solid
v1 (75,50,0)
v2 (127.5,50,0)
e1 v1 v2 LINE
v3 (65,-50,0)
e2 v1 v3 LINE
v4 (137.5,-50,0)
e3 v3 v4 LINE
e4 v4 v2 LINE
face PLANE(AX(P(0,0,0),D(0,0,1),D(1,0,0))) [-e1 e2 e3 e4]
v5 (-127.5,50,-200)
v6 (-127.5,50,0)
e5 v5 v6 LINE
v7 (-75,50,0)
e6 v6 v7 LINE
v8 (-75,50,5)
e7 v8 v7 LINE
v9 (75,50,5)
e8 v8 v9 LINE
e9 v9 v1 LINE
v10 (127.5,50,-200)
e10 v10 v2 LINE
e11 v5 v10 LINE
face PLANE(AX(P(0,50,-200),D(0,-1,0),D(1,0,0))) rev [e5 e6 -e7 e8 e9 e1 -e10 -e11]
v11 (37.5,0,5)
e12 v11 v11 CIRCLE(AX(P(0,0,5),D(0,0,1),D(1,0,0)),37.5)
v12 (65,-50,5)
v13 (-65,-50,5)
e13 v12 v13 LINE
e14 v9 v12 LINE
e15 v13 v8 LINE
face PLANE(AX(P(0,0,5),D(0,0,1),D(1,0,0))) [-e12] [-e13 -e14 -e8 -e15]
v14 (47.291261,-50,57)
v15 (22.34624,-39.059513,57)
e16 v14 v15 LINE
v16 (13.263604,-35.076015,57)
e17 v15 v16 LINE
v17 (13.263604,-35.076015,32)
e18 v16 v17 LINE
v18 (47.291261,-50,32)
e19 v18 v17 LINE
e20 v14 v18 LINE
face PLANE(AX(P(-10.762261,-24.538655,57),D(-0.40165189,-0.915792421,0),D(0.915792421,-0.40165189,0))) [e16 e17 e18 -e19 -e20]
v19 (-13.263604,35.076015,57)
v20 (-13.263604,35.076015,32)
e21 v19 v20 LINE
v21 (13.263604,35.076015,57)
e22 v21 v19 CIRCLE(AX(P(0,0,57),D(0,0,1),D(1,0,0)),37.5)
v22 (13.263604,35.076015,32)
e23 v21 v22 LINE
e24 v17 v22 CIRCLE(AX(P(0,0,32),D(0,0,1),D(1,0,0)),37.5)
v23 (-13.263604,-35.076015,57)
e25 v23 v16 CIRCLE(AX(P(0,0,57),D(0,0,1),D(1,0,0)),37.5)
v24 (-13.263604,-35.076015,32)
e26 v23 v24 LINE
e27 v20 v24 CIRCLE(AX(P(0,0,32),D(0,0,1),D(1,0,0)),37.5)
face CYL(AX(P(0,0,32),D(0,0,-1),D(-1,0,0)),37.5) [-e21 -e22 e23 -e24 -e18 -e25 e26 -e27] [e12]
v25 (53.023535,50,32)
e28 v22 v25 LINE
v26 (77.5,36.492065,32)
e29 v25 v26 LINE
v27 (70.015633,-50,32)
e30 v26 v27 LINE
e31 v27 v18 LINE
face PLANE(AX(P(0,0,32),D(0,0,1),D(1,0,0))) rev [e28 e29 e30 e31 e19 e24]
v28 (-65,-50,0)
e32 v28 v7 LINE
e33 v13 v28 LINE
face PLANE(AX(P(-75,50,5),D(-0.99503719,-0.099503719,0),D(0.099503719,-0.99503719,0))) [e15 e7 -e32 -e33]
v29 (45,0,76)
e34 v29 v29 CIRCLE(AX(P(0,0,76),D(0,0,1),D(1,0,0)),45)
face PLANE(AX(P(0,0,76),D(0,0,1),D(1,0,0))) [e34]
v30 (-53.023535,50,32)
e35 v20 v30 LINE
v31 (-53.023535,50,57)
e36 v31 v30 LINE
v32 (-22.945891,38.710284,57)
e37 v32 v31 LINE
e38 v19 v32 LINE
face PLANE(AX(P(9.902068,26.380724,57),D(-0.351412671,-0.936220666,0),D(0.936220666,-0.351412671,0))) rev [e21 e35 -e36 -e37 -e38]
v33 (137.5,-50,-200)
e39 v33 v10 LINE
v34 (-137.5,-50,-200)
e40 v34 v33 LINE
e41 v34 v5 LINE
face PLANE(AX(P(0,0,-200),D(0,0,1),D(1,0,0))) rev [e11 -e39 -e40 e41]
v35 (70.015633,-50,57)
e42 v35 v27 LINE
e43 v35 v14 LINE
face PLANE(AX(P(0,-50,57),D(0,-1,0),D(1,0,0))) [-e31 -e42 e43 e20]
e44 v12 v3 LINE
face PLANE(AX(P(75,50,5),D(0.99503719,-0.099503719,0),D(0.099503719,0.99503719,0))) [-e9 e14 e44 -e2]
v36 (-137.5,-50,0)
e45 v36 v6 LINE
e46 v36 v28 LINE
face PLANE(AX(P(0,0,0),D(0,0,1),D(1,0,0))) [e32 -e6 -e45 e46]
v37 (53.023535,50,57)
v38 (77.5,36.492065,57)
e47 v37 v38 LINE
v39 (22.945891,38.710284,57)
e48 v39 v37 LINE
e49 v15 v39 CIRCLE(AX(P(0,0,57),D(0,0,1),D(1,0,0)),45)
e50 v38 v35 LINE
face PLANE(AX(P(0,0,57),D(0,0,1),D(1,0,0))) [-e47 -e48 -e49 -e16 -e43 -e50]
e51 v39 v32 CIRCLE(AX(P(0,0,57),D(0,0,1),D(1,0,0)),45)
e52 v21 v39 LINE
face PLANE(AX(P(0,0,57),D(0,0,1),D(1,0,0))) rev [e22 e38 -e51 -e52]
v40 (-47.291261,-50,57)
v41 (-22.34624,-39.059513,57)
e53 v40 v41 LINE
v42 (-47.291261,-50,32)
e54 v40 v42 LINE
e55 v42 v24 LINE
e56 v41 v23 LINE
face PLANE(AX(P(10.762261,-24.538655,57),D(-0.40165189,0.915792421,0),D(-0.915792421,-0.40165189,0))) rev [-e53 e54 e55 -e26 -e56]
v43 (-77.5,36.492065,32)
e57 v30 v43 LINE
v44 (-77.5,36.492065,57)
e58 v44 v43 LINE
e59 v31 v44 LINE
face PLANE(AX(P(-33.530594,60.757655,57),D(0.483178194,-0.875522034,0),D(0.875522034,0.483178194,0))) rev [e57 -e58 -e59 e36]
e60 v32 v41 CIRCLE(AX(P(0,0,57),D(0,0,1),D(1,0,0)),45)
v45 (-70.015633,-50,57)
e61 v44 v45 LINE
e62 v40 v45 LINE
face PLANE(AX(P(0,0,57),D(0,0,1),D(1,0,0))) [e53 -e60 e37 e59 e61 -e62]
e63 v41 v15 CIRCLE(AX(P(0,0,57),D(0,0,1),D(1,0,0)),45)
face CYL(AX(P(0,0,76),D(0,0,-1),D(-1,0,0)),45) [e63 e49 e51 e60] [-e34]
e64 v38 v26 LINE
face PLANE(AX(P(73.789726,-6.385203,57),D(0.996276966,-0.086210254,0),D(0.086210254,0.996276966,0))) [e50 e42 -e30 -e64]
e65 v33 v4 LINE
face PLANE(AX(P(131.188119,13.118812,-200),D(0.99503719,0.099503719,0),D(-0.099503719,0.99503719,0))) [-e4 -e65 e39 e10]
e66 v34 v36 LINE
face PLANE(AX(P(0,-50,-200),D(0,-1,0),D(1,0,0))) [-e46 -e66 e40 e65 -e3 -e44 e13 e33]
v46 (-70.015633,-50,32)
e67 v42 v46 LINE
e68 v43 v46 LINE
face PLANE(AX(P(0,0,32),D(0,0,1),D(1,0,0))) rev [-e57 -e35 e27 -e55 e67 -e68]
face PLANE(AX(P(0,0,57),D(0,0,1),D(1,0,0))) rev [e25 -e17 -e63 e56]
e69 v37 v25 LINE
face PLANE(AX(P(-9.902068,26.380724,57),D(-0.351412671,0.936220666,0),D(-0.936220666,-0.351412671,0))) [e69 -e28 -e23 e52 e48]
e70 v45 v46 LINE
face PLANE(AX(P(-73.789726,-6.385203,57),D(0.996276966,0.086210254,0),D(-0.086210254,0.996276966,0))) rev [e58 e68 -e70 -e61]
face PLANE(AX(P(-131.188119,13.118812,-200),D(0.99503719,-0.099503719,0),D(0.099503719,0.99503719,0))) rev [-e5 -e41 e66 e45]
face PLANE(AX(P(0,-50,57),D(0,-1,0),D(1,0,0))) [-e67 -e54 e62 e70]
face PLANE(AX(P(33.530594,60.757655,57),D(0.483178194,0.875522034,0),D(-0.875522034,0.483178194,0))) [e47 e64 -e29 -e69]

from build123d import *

# Parameters (mm, degrees)
BOSS_EXTRUDE1_DEPTH = 200
BOSS_EXTRUDE2_DEPTH = 5
SKETCH3_R           = 37.5
BOSS_EXTRUDE3_DEPTH = 27
SKETCH4_R           = 37.5
BOSS_EXTRUDE4_DEPTH = 25
SKETCH5_R           = 45
BOSS_EXTRUDE5_DEPTH = 19


with BuildPart() as part:
    # Sketch1 → Boss-Extrude1 (new body)
    with BuildSketch(Plane.XY):
        Polygon((-127.5, 50), (-137.5, -50), (137.5, -50), (127.5, 50), align=None)
    extrude(amount=-BOSS_EXTRUDE1_DEPTH)

    # Sketch2 → Boss-Extrude2 (add)
    with BuildSketch(Plane(origin=(0, 0, 0), x_dir=(-1, 0, 0), z_dir=(0, 0, -1))):
        Polygon((-75, 50), (-65, -50), (65, -50), (75, 50), align=None)
    extrude(amount=-BOSS_EXTRUDE2_DEPTH)

    # Sketch3 → Boss-Extrude3 (add)
    with BuildSketch(Plane.XY.offset(5)):
        Circle(SKETCH3_R)
    extrude(amount=BOSS_EXTRUDE3_DEPTH)

    # Sketch4 → Boss-Extrude4 (add)
    with BuildSketch(Plane.XY.offset(32)):
        with BuildLine():
            ThreePointArc((-13.263603946, -35.076014745), (-37.5, 0), (-13.263603946, 35.076014745))
            Line((-13.263603946, 35.076014745), (-53.023534566, 50))
            Line((-53.023534566, 50), (-77.5, 36.492065403))
            Line((-77.5, 36.492065403), (-70.015632516, -50))
            Line((-70.015632516, -50), (-47.291260559, -50))
            Line((-47.291260559, -50), (-13.263603946, -35.076014745))
        make_face()
        Circle(SKETCH4_R)
        with BuildLine():
            Line((53.023534566, 50), (13.263603946, 35.076014745))
            ThreePointArc((13.263603946, 35.076014745), (30.851540869, 21.317420717), (37.5, 0))
            ThreePointArc((37.5, 0), (30.851540869, -21.317420717), (13.263603946, -35.076014745))
            Line((13.263603946, -35.076014745), (47.291260559, -50))
            Line((47.291260559, -50), (70.015632516, -50))
            Line((70.015632516, -50), (77.5, 36.492065403))
            Line((77.5, 36.492065403), (53.023534566, 50))
        make_face()
    extrude(amount=BOSS_EXTRUDE4_DEPTH)

    # Sketch5 → Boss-Extrude5 (add)
    with BuildSketch(Plane.XY.offset(57)):
        Circle(SKETCH5_R)
    extrude(amount=BOSS_EXTRUDE5_DEPTH)


solid = part.part
